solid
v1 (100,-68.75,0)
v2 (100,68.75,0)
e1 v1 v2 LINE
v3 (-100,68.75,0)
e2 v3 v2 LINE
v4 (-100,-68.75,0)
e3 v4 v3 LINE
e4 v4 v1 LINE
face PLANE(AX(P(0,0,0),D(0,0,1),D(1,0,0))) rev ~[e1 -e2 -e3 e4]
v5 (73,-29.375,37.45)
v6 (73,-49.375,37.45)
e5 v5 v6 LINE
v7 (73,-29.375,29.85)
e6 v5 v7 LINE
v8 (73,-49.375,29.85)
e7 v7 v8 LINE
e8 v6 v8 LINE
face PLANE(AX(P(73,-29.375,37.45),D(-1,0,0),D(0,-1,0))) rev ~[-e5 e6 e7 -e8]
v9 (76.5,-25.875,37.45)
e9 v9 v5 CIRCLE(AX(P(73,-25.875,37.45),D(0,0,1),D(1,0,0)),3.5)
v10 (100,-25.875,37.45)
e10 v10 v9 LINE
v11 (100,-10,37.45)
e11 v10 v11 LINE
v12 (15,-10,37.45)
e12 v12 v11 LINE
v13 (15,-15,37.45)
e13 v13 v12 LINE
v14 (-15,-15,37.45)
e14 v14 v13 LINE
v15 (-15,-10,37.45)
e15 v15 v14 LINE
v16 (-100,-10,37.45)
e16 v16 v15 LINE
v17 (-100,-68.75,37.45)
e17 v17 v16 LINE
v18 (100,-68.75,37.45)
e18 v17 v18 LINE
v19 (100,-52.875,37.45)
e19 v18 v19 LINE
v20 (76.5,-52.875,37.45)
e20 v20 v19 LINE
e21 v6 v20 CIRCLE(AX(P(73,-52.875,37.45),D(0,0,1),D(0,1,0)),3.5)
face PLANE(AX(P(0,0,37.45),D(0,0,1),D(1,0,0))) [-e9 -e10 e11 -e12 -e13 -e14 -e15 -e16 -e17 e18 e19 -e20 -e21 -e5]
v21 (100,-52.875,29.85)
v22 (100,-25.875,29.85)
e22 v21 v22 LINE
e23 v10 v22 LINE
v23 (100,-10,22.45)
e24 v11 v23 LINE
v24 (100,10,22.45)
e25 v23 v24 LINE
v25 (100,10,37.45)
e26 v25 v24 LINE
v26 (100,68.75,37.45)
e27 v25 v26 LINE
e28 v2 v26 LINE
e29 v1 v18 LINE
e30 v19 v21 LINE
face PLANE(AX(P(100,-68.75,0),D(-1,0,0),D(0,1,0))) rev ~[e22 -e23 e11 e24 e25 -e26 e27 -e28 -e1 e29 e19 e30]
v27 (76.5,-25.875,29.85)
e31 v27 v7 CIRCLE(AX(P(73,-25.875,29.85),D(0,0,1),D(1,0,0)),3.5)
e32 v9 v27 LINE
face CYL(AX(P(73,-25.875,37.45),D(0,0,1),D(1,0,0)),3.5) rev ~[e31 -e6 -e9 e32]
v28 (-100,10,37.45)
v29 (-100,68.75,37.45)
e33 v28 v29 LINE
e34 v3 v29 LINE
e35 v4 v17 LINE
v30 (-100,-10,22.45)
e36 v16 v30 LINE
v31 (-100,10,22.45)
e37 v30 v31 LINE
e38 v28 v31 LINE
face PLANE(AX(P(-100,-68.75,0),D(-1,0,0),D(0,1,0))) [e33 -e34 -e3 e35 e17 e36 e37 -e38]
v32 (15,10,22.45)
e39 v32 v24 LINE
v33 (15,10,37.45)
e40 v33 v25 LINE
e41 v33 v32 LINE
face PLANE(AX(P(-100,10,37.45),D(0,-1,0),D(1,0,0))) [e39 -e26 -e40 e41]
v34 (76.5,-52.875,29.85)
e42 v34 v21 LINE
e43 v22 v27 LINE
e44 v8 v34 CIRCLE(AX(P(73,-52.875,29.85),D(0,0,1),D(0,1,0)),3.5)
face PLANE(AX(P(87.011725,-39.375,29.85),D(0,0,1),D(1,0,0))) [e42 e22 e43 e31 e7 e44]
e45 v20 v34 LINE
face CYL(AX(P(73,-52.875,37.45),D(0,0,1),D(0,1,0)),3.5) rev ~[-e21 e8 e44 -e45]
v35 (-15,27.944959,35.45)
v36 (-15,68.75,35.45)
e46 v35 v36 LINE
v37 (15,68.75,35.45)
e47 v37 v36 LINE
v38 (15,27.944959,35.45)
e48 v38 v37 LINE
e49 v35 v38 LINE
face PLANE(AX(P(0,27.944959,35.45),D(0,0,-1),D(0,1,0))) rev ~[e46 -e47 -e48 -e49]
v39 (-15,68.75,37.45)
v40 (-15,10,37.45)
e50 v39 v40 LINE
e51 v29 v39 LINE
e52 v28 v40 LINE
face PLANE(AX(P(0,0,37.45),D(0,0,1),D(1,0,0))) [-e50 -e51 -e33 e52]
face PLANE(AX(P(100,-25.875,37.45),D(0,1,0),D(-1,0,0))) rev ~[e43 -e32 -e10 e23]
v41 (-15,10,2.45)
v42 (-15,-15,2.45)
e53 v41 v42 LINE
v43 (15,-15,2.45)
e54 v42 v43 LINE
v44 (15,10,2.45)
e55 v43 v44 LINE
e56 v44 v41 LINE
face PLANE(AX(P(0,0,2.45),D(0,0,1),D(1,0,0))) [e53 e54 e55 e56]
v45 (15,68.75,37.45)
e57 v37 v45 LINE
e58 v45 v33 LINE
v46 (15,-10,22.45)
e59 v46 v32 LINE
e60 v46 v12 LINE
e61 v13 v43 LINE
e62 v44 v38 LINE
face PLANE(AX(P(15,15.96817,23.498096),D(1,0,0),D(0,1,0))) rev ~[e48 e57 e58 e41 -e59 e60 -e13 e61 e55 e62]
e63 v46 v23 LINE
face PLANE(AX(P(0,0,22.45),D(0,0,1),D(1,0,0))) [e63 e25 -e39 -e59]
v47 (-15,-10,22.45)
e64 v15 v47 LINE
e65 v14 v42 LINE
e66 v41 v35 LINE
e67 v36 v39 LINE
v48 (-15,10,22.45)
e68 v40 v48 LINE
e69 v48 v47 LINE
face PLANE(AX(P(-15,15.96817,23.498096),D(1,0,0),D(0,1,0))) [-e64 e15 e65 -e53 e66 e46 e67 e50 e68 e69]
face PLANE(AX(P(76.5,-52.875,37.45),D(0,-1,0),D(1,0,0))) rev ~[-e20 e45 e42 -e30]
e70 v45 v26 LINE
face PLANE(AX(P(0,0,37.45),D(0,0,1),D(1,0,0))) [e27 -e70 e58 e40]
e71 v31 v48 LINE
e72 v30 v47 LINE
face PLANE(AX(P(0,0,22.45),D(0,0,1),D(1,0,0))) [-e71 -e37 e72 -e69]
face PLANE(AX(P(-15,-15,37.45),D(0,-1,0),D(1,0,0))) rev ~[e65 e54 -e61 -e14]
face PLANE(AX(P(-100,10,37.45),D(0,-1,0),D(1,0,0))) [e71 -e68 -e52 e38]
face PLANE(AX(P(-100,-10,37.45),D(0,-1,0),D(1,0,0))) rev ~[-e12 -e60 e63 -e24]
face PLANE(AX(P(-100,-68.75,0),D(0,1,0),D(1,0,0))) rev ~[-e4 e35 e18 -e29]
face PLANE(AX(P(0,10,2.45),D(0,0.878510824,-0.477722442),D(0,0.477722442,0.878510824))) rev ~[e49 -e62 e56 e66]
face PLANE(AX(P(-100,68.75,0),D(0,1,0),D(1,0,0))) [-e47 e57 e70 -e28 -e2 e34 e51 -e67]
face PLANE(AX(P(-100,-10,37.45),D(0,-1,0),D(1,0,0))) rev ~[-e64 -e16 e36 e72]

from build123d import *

# Parameters (mm, degrees)
F0_W     = 200
F0_H     = 137.5
F1_DEPTH = 37.45
F2_W     = 200
F2_H     = 20
F3_DEPTH = 15
F4_W     = 30
F4_H     = 5
F5_DEPTH = 35
F7_DEPTH = 15
F9_DEPTH = 7.6


with BuildPart() as f1:
    # F0 (on Top) → F1 (new body)
    with BuildSketch(Plane.XY):
        Rectangle(F0_W, F0_H)
    extrude(amount=F1_DEPTH)

    # F2 (on face) → F3 (cut)
    with BuildSketch(Plane.XY.offset(37.45)):
        Rectangle(F2_W, F2_H)
    extrude(amount=-F3_DEPTH, mode=Mode.SUBTRACT)

    # F4 (on face) → F5 (cut)
    with BuildSketch(Plane.XY.offset(37.45)):
        Polygon((11.49270311, 10), (-11.49270311, 10), (-15, 10), (-15, -10), (15, -10), (15, 10), align=None)
        with Locations((0, -12.5)):
            Rectangle(F4_W, F4_H)
    extrude(amount=-F5_DEPTH, mode=Mode.SUBTRACT)

    # F6 (on Right) → F7 (cut, symmetric)
    with BuildSketch(Plane.YZ):
        Polygon((10, 37.45), (10, 2.45), (27.9449588614, 35.45), (29.0325321257, 37.45), align=None)
        Polygon((29.0325321257, 37.45), (27.9449588614, 35.45), (68.75, 35.45), (68.75, 37.45), align=None)
    extrude(amount=F7_DEPTH, both=True, mode=Mode.SUBTRACT)

    # F8 (on face) → F9 (cut)
    with BuildSketch(Plane.XY.offset(37.45)):
        with BuildLine():
            Line((76.5, -52.875), (100, -52.875))
            Line((100, -52.875), (100, -25.875))
            Line((100, -25.875), (76.5, -25.875))
            ThreePointArc((76.5, -25.875), (75.4748737342, -28.3498737342), (73, -29.375))
            Line((73, -29.375), (73, -49.375))
            ThreePointArc((73, -49.375), (75.4748737342, -50.4001262658), (76.5, -52.875))
        make_face()
        with BuildLine():
            ThreePointArc((73, -49.375), (70.5251262658, -55.3498737342), (76.5, -52.875))
            Line((76.5, -52.875), (73, -52.875))
            Line((73, -52.875), (73, -49.375))
        make_face()
        with BuildLine():
            Line((73, -52.875), (76.5, -52.875))
            ThreePointArc((76.5, -52.875), (75.4748737342, -50.4001262658), (73, -49.375))
            Line((73, -49.375), (73, -52.875))
        make_face()
        with BuildLine():
            ThreePointArc((73, -29.375), (75.4748737342, -28.3498737342), (76.5, -25.875))
            Line((76.5, -25.875), (73, -25.875))
            Line((73, -25.875), (73, -29.375))
        make_face()
        with BuildLine():
            Line((73, -25.875), (76.5, -25.875))
            ThreePointArc((76.5, -25.875), (70.5251262658, -23.4001262658), (73, -29.375))
            Line((73, -29.375), (73, -25.875))
        make_face()
    extrude(amount=-F9_DEPTH, mode=Mode.SUBTRACT)


solid = f1.part
